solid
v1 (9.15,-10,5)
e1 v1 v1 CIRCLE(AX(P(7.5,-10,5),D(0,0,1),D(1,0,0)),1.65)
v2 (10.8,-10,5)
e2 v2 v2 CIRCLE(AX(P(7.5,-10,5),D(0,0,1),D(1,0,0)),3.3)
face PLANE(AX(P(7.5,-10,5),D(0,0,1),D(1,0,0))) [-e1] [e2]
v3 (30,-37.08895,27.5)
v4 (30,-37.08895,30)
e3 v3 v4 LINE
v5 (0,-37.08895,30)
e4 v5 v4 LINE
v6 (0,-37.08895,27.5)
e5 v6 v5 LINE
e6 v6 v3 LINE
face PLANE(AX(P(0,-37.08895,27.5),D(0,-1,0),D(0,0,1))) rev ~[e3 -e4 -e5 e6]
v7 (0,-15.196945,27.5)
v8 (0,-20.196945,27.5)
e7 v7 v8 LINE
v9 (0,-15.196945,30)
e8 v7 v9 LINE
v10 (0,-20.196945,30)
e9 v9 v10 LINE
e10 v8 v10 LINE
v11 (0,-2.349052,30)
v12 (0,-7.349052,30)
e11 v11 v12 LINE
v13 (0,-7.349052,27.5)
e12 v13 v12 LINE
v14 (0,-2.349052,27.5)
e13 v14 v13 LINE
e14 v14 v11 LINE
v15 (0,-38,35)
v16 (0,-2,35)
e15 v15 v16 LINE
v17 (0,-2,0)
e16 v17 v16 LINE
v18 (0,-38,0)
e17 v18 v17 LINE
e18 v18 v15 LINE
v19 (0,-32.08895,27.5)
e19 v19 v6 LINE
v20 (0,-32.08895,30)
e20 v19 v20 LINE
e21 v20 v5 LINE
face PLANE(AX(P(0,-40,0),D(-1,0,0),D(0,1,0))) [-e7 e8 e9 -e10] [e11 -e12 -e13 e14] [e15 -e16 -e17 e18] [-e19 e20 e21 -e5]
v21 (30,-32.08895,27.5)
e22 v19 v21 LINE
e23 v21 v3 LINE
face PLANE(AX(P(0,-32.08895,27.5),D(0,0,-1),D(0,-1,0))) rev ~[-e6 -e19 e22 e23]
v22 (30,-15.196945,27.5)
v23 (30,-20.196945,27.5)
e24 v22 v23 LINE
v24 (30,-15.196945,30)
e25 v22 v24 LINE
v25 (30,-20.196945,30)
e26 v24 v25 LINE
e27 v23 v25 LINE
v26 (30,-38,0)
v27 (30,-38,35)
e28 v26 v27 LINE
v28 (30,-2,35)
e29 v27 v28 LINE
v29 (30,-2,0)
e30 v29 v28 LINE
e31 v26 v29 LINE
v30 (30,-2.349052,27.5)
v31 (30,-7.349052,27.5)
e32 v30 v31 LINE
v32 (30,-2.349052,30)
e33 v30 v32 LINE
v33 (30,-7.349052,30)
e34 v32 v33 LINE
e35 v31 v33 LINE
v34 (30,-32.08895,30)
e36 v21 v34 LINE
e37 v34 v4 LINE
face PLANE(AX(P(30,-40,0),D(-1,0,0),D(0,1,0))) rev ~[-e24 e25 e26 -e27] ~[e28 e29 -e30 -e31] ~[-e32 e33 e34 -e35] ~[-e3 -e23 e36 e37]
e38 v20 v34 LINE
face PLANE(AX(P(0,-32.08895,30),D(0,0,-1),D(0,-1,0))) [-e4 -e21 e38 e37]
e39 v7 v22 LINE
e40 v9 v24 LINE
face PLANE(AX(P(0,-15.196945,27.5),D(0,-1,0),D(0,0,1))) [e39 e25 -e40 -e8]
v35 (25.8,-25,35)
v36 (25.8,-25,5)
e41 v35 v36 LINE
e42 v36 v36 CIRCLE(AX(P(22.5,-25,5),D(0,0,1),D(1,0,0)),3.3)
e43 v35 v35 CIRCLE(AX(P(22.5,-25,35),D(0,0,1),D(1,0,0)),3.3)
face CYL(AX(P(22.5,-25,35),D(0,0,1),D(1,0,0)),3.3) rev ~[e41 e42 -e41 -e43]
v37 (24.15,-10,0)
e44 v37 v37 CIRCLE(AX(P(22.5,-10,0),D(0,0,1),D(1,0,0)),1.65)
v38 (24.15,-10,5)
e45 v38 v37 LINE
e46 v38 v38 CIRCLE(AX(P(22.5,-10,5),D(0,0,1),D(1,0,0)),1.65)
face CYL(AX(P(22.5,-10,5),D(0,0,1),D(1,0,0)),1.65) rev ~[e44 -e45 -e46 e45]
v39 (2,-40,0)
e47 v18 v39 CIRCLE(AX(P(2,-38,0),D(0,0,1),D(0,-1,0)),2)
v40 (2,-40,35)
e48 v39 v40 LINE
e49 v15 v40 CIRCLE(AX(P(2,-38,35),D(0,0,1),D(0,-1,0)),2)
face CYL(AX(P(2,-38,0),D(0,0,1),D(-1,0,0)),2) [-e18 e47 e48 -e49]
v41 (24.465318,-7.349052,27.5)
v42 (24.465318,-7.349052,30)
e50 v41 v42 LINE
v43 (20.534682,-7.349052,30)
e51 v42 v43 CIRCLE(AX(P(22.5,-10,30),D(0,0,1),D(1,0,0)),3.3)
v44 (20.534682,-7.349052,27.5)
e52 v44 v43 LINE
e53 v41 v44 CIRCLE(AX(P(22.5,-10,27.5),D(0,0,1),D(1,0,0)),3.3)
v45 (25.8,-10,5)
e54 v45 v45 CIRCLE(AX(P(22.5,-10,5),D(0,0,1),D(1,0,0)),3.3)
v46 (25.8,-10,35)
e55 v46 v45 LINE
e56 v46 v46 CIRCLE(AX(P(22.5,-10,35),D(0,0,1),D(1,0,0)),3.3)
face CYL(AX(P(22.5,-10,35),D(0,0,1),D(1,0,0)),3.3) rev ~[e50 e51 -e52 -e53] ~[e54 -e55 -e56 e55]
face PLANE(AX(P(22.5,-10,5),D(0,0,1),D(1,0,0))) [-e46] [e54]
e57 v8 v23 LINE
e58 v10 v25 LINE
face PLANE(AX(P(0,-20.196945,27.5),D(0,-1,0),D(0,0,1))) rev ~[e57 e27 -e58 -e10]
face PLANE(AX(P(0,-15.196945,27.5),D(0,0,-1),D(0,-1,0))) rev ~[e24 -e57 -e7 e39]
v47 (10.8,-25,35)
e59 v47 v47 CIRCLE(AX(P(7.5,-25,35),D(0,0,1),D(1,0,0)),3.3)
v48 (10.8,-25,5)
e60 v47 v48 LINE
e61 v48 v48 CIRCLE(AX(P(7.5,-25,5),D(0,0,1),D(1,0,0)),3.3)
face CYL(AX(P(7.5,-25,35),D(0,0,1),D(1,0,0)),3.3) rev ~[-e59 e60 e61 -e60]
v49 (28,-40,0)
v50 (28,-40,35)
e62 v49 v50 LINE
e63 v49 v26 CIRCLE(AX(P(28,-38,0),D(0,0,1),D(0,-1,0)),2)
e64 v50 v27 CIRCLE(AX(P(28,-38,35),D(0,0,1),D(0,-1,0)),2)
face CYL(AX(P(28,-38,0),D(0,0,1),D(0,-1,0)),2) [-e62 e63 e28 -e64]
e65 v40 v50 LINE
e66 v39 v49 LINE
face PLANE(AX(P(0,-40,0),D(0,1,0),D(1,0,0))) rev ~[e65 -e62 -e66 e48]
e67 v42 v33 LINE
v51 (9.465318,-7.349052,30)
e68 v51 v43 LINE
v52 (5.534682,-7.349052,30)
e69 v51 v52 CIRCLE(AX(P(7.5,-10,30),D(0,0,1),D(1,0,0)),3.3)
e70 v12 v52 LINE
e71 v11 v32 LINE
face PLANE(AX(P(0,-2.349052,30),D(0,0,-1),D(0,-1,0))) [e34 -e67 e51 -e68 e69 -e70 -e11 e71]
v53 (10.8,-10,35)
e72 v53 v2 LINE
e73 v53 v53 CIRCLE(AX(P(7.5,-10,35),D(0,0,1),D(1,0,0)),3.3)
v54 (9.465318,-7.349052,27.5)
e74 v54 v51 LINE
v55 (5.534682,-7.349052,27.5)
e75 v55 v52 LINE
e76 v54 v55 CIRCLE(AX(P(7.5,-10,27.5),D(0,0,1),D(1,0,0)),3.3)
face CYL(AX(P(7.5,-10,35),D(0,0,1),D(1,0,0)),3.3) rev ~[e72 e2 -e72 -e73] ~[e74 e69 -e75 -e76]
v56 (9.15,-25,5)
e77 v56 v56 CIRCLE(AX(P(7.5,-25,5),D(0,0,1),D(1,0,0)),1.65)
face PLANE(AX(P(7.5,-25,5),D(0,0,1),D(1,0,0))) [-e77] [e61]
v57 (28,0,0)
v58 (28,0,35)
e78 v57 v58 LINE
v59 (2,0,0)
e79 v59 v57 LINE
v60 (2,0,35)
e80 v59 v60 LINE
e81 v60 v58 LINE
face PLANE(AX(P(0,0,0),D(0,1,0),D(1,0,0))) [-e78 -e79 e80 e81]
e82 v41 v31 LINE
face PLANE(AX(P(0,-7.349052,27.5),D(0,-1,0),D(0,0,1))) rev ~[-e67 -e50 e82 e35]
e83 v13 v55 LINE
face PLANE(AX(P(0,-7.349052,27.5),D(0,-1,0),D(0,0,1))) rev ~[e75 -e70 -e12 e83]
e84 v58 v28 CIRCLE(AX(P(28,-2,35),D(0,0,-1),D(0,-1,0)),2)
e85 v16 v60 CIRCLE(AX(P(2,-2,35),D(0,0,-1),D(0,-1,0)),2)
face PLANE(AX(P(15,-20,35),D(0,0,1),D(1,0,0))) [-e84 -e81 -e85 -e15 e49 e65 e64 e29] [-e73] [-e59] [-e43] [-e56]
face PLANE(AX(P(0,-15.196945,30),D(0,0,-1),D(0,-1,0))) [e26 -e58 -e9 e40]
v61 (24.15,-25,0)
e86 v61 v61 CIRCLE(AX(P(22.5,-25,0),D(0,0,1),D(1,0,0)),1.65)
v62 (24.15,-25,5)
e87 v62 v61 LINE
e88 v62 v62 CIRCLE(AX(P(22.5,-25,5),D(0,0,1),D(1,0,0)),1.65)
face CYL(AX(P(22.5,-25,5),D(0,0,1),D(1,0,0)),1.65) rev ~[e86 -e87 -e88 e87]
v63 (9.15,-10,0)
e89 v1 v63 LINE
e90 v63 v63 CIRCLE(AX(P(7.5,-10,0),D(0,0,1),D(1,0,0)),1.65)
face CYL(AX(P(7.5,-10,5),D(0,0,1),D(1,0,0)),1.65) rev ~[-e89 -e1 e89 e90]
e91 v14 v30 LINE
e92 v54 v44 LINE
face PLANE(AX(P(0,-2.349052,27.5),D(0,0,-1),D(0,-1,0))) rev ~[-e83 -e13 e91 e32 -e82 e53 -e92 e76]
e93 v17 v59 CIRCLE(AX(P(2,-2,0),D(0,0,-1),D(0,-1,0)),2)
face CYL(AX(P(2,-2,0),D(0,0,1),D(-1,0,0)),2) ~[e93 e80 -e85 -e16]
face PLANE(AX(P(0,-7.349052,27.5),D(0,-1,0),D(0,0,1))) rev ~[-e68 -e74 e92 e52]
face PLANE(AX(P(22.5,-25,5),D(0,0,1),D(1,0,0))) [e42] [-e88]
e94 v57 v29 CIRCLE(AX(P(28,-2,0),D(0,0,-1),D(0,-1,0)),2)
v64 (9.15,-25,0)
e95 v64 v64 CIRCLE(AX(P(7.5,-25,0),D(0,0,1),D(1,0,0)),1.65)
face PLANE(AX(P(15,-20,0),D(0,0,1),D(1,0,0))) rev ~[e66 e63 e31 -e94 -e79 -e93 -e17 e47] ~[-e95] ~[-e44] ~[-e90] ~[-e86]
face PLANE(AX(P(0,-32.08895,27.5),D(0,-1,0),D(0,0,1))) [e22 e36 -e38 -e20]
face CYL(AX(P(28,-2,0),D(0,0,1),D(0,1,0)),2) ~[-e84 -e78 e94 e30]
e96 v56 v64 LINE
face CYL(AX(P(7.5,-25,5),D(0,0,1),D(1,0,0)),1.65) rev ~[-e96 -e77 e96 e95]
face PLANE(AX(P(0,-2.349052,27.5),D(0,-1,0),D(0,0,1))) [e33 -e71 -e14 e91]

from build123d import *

# Parameters (mm, degrees)
F0_W      = 30
F0_H      = 40
F1_DEPTH  = 35
F2_R      = 3.3
F3_DEPTH  = 30
F4_W      = 5
F4_H      = 2.5
F5_DEPTH  = 30.001
F6_R      = 1.65
F7_DEPTH  = 5.001
F8_R      = 1.65
F9_DEPTH  = 5.001
F10_R     = 1.65
F11_DEPTH = 5.001
F12_R     = 1.65
F13_DEPTH = 5.001
F14_R     = 2


with BuildPart() as f1:
    # F0 (on Top) → F1 (new body)
    with BuildSketch(Plane.XY):
        with Locations((15, -20)):
            Rectangle(F0_W, F0_H)
    extrude(amount=F1_DEPTH)

    # F2 (on face) → F3 (cut)
    with BuildSketch(Plane.XY.offset(35)):
        with Locations((7.5, -10)):
            Circle(F2_R)
        with Locations((22.5, -10)):
            Circle(F2_R)
        with Locations((7.5, -25)):
            Circle(F2_R)
        with Locations((22.5, -25)):
            Circle(F2_R)
    extrude(amount=-F3_DEPTH, mode=Mode.SUBTRACT)

    # F4 (on face) → F5 (cut, through all)
    with BuildSketch(Plane(origin=(0, 0, 0), x_dir=(0, -1, 0), z_dir=(-1, 0, 0))):
        with Locations((4.849052, 28.75)):
            Rectangle(F4_W, F4_H)
        with Locations((17.696945, 28.75)):
            Rectangle(F4_W, F4_H)
        with Locations((34.58895, 28.75)):
            Rectangle(F4_W, F4_H)
    extrude(amount=-F5_DEPTH, mode=Mode.SUBTRACT)

    # F6 (on face) → F7 (cut, through all)
    with BuildSketch(Plane.XY.offset(5)):
        with Locations((7.5, -10)):
            Circle(F6_R)
    extrude(amount=-F7_DEPTH, mode=Mode.SUBTRACT)

    # F8 (on face) → F9 (cut, through all)
    with BuildSketch(Plane.XY.offset(5)):
        with Locations((7.5, -25)):
            Circle(F8_R)
    extrude(amount=-F9_DEPTH, mode=Mode.SUBTRACT)

    # F10 (on face) → F11 (cut, through all)
    with BuildSketch(Plane.XY.offset(5)):
        with Locations((22.5, -25)):
            Circle(F10_R)
    extrude(amount=-F11_DEPTH, mode=Mode.SUBTRACT)

    # F12 (on face) → F13 (cut, through all)
    with BuildSketch(Plane.XY.offset(5)):
        with Locations((22.5, -10)):
            Circle(F12_R)
    extrude(amount=-F13_DEPTH, mode=Mode.SUBTRACT)

    # F14
    f14_edges = [f1.edges().sort_by_distance(p)[0] for p in [
        (0, 0, 17.5),
        (30, 0, 17.5),
        (30, -40, 17.5),
        (0, -40, 17.5),
    ]]
    fillet(f14_edges, radius=F14_R)


solid = f1.part
